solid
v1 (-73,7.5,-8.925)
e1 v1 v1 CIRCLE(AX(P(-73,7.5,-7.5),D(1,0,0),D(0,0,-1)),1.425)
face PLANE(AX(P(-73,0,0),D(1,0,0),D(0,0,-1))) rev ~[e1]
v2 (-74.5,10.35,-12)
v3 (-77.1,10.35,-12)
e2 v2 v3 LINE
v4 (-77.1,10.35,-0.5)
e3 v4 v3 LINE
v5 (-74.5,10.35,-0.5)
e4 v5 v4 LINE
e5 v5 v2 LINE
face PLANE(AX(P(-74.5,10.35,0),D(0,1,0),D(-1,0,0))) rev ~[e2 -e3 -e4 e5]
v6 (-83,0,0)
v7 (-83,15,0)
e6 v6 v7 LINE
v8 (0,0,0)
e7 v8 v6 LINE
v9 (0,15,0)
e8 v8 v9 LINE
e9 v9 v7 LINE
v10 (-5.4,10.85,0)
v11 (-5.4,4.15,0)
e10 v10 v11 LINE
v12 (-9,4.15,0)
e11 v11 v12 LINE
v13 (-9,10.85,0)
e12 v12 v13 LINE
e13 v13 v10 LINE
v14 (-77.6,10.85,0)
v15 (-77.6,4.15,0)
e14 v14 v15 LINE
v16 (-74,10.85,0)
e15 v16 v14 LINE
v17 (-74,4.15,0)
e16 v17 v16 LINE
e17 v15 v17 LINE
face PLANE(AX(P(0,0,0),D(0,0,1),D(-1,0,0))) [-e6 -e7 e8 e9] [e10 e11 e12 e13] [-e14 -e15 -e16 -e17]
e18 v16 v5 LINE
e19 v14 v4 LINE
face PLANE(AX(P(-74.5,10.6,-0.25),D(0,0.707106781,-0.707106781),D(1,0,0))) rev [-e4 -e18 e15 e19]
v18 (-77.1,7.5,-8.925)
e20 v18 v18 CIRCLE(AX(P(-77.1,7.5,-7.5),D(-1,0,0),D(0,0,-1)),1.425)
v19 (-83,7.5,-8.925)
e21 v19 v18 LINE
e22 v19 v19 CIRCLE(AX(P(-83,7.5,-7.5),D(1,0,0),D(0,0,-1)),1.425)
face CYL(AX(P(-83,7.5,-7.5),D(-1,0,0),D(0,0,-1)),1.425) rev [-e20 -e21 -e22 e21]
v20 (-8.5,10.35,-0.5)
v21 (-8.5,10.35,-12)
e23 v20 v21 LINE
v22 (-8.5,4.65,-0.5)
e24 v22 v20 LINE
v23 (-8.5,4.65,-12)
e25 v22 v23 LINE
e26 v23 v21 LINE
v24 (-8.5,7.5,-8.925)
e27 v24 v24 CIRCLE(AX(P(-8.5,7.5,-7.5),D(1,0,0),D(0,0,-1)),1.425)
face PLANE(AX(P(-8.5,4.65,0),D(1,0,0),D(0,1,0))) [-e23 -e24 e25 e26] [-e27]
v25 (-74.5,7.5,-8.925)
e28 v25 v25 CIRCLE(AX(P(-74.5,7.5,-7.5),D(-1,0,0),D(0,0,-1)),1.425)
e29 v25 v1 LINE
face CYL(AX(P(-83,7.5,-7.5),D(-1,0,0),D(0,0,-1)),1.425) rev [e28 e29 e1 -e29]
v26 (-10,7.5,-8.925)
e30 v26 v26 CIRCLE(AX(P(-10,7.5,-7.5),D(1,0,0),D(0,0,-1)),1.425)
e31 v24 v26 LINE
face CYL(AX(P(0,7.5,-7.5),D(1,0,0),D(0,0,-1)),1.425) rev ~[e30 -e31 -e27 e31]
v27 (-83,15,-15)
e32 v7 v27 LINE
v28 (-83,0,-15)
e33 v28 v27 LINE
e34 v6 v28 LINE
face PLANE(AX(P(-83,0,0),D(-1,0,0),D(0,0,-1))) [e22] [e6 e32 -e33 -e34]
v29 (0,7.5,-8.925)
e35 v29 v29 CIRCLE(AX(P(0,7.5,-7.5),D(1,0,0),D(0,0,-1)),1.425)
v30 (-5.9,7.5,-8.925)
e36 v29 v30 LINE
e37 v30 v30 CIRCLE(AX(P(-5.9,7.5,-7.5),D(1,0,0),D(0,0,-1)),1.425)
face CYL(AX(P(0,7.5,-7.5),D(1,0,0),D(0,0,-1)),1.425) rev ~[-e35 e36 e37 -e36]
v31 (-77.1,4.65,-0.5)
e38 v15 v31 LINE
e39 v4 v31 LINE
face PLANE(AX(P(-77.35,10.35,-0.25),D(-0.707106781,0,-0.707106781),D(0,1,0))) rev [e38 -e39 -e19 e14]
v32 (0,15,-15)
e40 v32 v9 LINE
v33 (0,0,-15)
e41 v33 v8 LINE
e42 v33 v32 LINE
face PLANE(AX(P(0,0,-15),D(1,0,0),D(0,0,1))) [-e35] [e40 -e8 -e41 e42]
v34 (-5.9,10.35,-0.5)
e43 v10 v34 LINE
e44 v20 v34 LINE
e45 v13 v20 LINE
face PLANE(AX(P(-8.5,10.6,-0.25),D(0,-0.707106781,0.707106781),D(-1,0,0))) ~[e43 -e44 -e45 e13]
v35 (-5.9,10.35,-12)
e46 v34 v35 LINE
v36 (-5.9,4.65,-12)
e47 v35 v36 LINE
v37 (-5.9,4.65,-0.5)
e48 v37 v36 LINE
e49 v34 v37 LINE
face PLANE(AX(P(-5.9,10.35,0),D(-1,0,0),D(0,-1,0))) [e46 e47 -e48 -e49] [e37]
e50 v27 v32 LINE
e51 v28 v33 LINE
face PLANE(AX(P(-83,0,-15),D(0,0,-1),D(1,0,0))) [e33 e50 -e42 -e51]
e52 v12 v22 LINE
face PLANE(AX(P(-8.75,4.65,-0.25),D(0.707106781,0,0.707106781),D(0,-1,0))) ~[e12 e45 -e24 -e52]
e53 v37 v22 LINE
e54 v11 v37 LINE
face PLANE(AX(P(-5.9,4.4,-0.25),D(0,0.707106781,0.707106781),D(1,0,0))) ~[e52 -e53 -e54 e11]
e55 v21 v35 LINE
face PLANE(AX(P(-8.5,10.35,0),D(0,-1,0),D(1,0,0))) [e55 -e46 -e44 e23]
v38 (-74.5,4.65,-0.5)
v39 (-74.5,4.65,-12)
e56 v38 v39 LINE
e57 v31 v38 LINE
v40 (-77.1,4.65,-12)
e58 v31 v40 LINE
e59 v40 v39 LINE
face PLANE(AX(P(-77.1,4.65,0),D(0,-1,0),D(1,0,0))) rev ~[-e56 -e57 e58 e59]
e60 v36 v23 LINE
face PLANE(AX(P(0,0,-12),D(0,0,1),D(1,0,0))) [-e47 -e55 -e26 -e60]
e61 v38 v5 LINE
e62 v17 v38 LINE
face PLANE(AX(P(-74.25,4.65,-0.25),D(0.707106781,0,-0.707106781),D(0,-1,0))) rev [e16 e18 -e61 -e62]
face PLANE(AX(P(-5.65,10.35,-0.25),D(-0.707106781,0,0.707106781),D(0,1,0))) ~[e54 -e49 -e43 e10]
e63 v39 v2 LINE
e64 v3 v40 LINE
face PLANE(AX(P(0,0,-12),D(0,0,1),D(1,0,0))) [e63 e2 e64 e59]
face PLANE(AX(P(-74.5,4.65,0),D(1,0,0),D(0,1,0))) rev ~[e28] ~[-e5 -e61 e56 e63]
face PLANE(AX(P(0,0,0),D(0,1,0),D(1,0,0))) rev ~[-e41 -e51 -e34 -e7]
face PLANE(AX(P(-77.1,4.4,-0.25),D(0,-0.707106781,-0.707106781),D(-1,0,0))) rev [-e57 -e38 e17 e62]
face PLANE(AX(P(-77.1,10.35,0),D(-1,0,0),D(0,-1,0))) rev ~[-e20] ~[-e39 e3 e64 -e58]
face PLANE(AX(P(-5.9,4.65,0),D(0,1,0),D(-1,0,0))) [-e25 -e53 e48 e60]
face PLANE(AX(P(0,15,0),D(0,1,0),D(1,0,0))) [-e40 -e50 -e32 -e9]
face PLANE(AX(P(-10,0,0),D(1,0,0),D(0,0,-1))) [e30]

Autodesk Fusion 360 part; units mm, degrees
sketch "brace" plane through (0, 0, 0) normal (0, 1, 0) x (1, 0, 0)
  line L0 (0, 0) -> (-83, 0)
  line L1 (-83, 0) -> (-83, 15)
  line L2 (-83, 15) -> (0, 15)
  line L3 (0, 15) -> (0, 0)
  dimension "d1" = 83
  dimension "d2" = 15
extrude "Extrude1" add sketch "brace" along normal blind 15
sketch "3mm hole" plane through (0, 0, 0) normal (1, 0, 0) x (0, 0, -1)
  line L0 (15, 0) -> (0, 0) construction
  line L1 (7.5, 0) -> (7.5, 7.5) construction
  circle A0 centre (7.5, 7.5) radius 1.425
  dimension "d5" = 7.5
  dimension "d6" = 2.85
sketch "side nut slot" plane through (0, 0, 0) normal (0, 0, 1) x (1, 0, 0)
  line L0 (0, 0) -> (-5.9, 0) construction
  line L1 (-5.9, 0) -> (-5.9, 4.65) construction
  line L2 (-5.9, 4.65) -> (-8.5, 4.65)
  line L3 (-8.5, 4.65) -> (-8.5, 10.35)
  line L4 (-8.5, 10.35) -> (-5.9, 10.35)
  line L5 (-5.9, 10.35) -> (-5.9, 4.65)
  line L6 (-83, 0) -> (-77.1, 0) construction
  line L7 (-77.1, 0) -> (-77.1, 4.65) construction
  line L8 (-77.1, 4.65) -> (-74.5, 4.65)
  line L9 (-74.5, 4.65) -> (-74.5, 10.35)
  line L10 (-74.5, 10.35) -> (-77.1, 10.35)
  line L11 (-77.1, 10.35) -> (-77.1, 4.65)
  point P0 (-83, 0)
  dimension "d7" = 5.9
  dimension "d8" = 4.65
  dimension "d9" = 2.6
  dimension "d10" = 5.7
  dimension "d11" = 5.9
  dimension "d12" = 4.65
  dimension "d13" = 2.6
  dimension "d14" = 5.7
extrude "Extrude2" cut sketch "side nut slot" against normal blind 12
extrude "Extrude3" cut sketch "3mm hole" against normal blind 10
extrude "Extrude4" cut sketch "3mm hole" along normal blind 10 from surface at -83
chamfer "Chamfer1" distance 0.5 angle 45 4 edges at (-77.1, 7.5, 0) (-75.8, 10.35, 0) (-74.5, 7.5, 0) (-75.8, 4.65, 0)
chamfer "Chamfer2" distance 0.5 angle 45 4 edges at (-7.2, 10.35, 0) (-5.9, 7.5, 0) (-7.2, 4.65, 0) (-8.5, 7.5, 0)
